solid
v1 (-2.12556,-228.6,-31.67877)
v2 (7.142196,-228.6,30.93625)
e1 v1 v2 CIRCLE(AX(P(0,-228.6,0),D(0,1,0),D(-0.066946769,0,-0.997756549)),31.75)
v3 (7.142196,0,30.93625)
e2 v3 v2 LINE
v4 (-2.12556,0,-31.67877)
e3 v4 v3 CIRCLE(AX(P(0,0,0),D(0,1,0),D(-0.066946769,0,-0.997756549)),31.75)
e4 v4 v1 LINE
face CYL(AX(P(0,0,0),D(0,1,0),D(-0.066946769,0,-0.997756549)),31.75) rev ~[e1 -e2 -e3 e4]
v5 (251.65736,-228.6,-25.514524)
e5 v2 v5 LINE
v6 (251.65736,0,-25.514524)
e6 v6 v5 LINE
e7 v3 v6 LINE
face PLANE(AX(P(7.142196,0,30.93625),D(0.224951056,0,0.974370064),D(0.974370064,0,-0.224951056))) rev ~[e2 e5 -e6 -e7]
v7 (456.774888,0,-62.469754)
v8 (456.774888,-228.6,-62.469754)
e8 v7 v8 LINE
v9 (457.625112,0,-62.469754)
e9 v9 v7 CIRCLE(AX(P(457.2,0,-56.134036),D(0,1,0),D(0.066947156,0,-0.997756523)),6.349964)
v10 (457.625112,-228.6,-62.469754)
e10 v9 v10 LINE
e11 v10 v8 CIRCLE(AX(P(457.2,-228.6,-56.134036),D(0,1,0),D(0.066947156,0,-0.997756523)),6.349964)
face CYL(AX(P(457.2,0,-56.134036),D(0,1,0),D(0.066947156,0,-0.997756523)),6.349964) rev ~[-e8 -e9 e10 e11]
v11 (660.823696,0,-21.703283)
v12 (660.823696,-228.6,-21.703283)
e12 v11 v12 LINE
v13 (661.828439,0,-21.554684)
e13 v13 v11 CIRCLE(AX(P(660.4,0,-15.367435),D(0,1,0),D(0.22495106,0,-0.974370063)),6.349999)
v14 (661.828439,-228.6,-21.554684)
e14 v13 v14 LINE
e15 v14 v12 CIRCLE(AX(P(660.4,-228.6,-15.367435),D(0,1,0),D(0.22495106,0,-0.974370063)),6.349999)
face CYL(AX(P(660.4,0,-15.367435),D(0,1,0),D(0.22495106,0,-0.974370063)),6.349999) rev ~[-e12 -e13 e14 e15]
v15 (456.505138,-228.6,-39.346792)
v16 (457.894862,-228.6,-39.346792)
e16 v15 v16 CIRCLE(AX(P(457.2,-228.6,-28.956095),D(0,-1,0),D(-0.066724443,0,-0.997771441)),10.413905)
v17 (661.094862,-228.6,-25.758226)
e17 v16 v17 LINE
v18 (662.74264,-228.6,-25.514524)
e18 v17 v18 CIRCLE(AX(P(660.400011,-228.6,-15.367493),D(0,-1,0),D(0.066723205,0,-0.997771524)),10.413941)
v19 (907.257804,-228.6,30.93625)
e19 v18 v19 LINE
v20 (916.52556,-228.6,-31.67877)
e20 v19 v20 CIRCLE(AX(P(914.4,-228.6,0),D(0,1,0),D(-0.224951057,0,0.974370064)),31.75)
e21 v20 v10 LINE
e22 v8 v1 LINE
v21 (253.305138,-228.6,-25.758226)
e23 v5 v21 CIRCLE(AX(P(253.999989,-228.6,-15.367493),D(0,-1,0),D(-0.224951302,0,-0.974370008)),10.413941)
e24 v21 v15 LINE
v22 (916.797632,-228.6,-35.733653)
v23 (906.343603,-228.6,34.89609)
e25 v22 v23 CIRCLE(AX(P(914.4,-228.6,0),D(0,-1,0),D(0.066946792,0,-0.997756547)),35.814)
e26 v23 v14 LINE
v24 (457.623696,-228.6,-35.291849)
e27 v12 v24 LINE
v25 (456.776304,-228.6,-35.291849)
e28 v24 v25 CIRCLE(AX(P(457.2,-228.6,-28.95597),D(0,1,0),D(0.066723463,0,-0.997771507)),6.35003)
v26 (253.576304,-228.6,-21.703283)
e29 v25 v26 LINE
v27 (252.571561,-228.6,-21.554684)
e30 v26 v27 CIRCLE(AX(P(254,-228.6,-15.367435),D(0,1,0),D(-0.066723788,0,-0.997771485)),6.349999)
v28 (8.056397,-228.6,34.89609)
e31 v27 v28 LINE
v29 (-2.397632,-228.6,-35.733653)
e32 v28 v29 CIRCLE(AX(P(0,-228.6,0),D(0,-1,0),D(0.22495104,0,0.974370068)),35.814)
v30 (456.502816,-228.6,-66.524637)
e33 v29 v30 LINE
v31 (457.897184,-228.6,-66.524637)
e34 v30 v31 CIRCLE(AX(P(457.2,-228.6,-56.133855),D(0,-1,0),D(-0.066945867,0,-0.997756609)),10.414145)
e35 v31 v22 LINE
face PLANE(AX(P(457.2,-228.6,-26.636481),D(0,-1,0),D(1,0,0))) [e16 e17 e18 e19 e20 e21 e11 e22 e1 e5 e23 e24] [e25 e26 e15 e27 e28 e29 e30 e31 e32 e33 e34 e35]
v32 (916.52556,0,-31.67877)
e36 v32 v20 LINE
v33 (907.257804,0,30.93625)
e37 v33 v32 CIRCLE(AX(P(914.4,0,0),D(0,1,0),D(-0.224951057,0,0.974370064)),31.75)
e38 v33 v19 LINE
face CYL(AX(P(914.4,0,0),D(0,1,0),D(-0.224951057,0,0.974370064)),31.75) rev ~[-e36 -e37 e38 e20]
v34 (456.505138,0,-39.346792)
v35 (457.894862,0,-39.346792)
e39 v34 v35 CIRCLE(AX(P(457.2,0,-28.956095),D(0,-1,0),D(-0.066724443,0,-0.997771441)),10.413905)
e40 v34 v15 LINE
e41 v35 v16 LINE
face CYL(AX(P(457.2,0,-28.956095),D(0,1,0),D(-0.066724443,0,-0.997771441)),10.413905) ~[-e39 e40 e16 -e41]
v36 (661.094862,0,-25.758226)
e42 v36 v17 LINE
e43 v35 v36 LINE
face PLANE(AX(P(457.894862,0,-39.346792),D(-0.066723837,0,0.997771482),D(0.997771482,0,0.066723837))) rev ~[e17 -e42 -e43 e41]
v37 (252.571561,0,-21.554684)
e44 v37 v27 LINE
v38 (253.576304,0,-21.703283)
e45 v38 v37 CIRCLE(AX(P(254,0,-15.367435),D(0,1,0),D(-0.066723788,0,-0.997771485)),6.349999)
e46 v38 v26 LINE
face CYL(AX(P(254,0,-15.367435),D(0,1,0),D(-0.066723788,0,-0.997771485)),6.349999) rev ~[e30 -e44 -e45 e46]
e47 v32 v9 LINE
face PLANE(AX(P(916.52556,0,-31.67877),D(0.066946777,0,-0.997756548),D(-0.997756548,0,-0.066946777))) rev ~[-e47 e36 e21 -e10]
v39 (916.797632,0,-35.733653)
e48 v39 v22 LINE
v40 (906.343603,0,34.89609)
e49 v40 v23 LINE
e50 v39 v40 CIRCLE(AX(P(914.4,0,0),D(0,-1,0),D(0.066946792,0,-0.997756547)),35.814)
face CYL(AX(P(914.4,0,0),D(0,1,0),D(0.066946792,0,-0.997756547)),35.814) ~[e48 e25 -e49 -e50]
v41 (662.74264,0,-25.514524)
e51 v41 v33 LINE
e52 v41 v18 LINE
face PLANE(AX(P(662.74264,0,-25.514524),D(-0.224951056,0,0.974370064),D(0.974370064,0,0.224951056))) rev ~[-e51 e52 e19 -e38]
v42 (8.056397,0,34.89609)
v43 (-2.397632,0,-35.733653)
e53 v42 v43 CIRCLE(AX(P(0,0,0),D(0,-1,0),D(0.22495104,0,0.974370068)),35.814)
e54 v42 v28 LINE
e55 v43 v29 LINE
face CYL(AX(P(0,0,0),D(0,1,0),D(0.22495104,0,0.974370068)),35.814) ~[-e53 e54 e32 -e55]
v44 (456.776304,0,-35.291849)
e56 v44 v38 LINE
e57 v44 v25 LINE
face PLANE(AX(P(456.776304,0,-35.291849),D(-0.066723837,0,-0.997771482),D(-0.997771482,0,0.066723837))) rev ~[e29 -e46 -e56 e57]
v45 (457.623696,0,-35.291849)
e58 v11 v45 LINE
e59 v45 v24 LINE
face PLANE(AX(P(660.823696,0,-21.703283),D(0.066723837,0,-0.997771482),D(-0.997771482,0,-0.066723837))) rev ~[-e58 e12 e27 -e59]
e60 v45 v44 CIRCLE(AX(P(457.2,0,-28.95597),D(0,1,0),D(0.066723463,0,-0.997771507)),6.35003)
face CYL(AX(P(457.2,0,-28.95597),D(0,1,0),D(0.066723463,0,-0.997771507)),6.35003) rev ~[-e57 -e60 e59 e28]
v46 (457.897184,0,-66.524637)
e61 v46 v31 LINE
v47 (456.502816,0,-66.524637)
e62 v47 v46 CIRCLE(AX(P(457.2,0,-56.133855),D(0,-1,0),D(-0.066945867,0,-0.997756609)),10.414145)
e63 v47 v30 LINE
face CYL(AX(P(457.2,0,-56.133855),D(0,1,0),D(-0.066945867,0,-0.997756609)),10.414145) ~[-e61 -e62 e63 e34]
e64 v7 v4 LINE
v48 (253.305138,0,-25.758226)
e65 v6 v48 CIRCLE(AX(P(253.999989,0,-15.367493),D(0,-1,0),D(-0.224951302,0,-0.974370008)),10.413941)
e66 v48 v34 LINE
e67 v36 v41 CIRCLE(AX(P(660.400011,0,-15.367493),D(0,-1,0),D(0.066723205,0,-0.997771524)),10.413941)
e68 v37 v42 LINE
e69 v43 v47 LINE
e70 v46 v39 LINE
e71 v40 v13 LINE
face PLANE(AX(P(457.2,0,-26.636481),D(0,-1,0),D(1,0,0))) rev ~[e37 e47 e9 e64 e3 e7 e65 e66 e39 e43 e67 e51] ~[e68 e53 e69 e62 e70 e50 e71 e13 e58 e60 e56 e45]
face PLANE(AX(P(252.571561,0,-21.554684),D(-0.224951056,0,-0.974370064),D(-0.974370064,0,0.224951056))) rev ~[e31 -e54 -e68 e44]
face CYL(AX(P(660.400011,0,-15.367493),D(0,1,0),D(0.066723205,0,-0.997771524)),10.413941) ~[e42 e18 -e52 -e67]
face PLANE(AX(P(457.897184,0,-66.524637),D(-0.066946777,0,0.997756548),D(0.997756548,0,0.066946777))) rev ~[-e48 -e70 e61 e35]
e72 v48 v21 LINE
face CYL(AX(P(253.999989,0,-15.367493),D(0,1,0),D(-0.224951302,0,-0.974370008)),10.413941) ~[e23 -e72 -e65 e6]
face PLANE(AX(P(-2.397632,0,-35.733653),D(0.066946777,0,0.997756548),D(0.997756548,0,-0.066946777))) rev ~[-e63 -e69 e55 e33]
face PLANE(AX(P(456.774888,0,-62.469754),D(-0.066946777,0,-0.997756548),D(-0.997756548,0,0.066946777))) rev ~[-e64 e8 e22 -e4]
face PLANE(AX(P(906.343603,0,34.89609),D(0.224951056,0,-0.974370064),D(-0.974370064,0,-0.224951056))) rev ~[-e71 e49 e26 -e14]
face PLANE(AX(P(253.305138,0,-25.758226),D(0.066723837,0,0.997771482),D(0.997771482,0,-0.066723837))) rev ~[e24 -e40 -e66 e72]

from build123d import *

# Parameters (mm, degrees)
F2_DEPTH = 228.6


with BuildPart() as f2:
    # F1 (on Front) → F2 (new body)
    with BuildSketch(Plane.XZ):
        with BuildLine():
            ThreePointArc((457.623696, -35.291849), (457.2, -35.306), (456.776304, -35.291849))
            Line((456.776304, -35.291849), (253.576304, -21.703283))
            ThreePointArc((253.576304, -21.703283), (253.070956, -21.649104), (252.571561, -21.554684))
            Line((252.571561, -21.554684), (8.056397, 34.89609))
            ThreePointArc((8.056397, 34.89609), (-35.428033, 5.243764), (-2.397632, -35.733653))
            Line((-2.397632, -35.733653), (456.502816, -66.524637))
            ThreePointArc((456.502816, -66.524637), (457.2, -66.548), (457.897184, -66.524637))
            Line((457.897184, -66.524637), (916.797632, -35.733653))
            ThreePointArc((916.797632, -35.733653), (949.828033, 5.243764), (906.343603, 34.89609))
            Line((906.343603, 34.89609), (661.828439, -21.554684))
            ThreePointArc((661.828439, -21.554684), (661.329044, -21.649104), (660.823696, -21.703283))
            Line((660.823696, -21.703283), (457.623696, -35.291849))
        make_face()
        with BuildLine():
            ThreePointArc((-2.12556, -31.67877), (-31.407831, 4.648727), (7.142196, 30.93625))
            Line((7.142196, 30.93625), (251.65736, -25.514524))
            ThreePointArc((251.65736, -25.514524), (252.476369, -25.669373), (253.305138, -25.758226))
            Line((253.305138, -25.758226), (456.505138, -39.346792))
            ThreePointArc((456.505138, -39.346792), (457.2, -39.37), (457.894862, -39.346792))
            Line((457.894862, -39.346792), (661.094862, -25.758226))
            ThreePointArc((661.094862, -25.758226), (661.923631, -25.669373), (662.74264, -25.514524))
            Line((662.74264, -25.514524), (907.257804, 30.93625))
            ThreePointArc((907.257804, 30.93625), (945.807831, 4.648727), (916.52556, -31.67877))
            Line((916.52556, -31.67877), (457.625112, -62.469754))
            ThreePointArc((457.625112, -62.469754), (457.2, -62.484), (456.774888, -62.469754))
            Line((456.774888, -62.469754), (-2.12556, -31.67877))
        make_face(mode=Mode.SUBTRACT)
    extrude(amount=F2_DEPTH)


solid = f2.part
